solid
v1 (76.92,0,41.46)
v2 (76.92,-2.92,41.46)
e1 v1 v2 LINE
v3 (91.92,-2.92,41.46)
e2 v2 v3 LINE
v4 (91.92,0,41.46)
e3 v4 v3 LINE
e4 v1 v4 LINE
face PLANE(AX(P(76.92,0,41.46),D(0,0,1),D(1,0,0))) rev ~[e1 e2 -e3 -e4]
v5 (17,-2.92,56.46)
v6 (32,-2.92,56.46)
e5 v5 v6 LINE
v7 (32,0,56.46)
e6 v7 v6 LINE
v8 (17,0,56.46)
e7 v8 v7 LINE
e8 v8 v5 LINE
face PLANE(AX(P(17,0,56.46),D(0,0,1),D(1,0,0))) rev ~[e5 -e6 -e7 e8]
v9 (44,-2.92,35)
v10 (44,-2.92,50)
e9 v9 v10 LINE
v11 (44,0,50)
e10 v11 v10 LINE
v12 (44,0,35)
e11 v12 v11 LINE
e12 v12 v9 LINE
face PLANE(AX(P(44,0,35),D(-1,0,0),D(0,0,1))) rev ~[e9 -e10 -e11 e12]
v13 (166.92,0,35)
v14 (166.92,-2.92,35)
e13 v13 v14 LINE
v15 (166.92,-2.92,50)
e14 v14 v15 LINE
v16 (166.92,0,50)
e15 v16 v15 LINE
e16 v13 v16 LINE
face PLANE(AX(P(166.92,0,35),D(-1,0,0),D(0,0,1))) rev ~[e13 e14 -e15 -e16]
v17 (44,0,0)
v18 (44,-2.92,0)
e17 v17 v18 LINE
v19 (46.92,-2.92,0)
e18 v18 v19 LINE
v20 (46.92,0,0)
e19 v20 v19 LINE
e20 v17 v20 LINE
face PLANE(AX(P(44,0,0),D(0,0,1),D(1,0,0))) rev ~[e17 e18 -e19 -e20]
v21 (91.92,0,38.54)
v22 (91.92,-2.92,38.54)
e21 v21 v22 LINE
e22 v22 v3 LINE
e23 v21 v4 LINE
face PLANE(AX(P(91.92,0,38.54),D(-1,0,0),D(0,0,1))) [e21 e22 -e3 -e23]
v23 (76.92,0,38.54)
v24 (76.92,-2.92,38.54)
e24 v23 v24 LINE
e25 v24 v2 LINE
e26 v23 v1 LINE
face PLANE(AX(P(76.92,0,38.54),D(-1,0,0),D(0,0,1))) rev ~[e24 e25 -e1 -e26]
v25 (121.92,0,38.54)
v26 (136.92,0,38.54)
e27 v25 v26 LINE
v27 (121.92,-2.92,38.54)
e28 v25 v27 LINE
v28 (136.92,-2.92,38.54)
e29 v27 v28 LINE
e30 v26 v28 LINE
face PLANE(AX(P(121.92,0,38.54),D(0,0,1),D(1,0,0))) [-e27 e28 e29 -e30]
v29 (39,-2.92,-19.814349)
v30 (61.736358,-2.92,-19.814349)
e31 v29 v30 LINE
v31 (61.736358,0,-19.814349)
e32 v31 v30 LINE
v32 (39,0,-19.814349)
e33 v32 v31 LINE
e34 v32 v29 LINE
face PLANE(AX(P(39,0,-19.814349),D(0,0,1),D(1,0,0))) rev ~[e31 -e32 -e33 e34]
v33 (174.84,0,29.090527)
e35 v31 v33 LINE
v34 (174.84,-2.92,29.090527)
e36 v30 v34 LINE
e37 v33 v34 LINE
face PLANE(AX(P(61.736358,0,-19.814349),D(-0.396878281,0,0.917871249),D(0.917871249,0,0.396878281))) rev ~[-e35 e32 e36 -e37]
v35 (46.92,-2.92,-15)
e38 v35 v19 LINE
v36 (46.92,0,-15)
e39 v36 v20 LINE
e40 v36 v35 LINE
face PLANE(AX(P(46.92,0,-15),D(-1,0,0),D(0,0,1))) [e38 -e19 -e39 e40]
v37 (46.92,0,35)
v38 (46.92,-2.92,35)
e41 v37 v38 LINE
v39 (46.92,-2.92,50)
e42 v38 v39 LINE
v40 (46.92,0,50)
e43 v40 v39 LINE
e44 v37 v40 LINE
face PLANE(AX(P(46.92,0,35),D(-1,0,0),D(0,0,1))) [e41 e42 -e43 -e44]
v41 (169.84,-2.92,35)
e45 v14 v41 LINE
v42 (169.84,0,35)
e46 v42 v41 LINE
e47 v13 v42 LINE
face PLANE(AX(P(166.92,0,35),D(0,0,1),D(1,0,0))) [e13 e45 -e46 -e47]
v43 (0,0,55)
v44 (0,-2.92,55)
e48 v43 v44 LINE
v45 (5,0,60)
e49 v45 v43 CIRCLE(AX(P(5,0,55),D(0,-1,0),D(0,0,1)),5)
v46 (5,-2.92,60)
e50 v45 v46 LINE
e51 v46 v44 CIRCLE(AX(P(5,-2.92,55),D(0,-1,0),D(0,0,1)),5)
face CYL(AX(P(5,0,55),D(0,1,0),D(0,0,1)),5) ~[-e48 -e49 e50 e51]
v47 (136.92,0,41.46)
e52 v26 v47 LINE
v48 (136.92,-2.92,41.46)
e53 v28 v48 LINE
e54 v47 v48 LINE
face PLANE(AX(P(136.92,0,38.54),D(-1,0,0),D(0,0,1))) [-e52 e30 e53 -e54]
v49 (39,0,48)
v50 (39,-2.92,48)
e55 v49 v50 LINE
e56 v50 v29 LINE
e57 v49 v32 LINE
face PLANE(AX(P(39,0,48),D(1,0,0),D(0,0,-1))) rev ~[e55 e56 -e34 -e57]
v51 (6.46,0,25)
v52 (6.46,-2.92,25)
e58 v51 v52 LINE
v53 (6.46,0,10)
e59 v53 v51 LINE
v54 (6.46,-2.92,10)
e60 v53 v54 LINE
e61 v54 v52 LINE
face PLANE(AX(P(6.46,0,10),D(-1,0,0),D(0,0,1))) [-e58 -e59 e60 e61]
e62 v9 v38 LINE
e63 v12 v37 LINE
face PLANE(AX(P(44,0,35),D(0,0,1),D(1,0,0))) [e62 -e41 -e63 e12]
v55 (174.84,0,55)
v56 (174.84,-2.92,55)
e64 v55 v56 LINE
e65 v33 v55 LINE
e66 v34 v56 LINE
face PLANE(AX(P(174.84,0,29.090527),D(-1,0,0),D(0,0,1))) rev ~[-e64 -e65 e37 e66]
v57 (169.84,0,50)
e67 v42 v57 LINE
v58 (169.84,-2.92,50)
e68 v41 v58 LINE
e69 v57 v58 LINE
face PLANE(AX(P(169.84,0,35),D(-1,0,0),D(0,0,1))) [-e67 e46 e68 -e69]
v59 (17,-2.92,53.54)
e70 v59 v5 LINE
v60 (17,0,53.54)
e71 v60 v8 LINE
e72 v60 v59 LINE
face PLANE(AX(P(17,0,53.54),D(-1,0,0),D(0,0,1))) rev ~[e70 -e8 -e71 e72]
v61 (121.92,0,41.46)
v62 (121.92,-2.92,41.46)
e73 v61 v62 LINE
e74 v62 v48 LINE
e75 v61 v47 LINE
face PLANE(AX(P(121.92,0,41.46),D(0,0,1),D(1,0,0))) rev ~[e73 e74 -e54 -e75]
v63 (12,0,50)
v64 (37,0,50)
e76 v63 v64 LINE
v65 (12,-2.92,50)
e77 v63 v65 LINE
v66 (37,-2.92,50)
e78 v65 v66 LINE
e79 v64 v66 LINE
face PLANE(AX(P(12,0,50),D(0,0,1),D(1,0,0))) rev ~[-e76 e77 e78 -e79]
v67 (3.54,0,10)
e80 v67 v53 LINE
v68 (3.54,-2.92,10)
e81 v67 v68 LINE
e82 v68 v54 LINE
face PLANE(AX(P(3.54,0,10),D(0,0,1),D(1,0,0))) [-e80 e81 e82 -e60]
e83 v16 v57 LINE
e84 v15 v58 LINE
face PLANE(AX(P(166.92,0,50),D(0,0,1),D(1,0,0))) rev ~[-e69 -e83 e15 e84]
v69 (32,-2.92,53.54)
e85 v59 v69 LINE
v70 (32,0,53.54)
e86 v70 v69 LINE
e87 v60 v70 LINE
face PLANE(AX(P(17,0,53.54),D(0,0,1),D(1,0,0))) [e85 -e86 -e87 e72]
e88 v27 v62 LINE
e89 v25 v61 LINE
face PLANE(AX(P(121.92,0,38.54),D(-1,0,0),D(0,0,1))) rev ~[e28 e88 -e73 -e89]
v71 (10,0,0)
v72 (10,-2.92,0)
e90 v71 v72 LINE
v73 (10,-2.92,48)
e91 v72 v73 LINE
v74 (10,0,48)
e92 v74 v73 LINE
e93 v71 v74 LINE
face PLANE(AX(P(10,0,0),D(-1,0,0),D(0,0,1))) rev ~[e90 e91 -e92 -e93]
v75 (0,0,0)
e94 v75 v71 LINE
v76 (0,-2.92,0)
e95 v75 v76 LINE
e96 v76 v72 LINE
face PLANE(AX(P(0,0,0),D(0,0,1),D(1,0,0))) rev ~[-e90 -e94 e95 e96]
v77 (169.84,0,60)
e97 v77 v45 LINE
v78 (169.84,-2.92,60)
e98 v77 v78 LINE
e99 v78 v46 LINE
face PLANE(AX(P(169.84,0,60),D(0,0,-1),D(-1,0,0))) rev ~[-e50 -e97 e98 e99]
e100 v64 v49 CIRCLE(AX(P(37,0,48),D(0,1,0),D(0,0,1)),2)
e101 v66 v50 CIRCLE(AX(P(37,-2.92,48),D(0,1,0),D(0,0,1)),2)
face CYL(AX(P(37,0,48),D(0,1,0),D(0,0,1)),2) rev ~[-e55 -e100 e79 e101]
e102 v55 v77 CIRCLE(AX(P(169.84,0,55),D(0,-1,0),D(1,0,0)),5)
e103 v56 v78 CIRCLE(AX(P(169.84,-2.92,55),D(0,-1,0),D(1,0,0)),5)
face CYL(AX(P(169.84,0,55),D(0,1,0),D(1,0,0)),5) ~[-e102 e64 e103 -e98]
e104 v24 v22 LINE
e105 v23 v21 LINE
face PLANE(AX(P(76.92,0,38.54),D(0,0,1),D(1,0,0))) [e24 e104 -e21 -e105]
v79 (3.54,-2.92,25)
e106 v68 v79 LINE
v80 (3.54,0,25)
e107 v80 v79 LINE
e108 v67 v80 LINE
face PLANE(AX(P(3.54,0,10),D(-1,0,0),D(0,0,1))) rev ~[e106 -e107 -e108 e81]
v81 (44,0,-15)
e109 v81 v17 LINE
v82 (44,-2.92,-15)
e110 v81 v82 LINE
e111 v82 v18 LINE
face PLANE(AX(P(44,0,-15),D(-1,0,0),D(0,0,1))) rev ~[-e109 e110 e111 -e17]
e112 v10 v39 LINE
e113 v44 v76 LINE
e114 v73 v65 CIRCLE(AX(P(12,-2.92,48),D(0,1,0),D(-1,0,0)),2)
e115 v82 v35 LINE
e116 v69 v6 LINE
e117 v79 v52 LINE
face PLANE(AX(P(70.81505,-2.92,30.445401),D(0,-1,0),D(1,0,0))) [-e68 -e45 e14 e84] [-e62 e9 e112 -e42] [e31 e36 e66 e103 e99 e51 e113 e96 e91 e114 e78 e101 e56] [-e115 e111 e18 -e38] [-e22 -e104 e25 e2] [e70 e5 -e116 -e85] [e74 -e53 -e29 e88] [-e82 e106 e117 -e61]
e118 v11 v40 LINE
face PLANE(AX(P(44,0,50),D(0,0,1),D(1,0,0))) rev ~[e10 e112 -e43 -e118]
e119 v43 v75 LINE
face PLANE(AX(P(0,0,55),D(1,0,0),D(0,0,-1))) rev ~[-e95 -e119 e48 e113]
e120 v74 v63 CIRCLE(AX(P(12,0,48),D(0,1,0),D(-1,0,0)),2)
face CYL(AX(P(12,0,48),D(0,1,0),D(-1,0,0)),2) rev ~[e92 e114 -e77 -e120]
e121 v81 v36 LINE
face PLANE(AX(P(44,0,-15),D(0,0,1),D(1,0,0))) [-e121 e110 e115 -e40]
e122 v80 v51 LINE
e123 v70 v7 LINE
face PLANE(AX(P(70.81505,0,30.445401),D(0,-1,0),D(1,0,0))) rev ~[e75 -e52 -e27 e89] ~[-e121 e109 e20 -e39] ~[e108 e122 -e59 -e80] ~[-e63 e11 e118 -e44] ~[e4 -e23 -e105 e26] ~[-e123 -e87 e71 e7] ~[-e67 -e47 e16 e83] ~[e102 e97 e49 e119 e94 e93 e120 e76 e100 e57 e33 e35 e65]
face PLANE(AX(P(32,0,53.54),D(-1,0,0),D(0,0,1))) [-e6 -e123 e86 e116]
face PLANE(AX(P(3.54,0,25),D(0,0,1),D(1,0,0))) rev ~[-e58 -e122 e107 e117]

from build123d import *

# Parameters (mm, degrees)
F1_W     = 2.92
F1_H     = 15
F1_W_2   = 15
F1_H_2   = 2.92
F2_DEPTH = 2.92


with BuildPart() as f2:
    # F1 (on Front) → F2 (new body)
    with BuildSketch(Plane.XZ):
        with BuildLine():
            Line((0, 55), (0, 0))
            Line((0, 0), (10, 0))
            Line((10, 0), (10, 48))
            ThreePointArc((10, 48), (10.5857864376, 49.4142135624), (12, 50))
            Line((12, 50), (37, 50))
            ThreePointArc((37, 50), (38.4142135624, 49.4142135624), (39, 48))
            Line((39, 48), (39, -19.8143487114))
            Line((39, -19.8143487114), (61.7363576694, -19.8143487114))
            Line((61.7363576694, -19.8143487114), (174.84, 29.0905267951))
            Line((174.84, 29.0905267951), (174.84, 55))
            ThreePointArc((174.84, 55), (173.3755339059, 58.5355339059), (169.84, 60))
            Line((169.84, 60), (5, 60))
            ThreePointArc((5, 60), (1.4644660941, 58.5355339059), (0, 55))
        make_face()
        with Locations((45.46, -7.5)):
            Rectangle(F1_W, F1_H, mode=Mode.SUBTRACT)
        with Locations((5, 17.5)):
            Rectangle(F1_W, F1_H, mode=Mode.SUBTRACT)
        with Locations((84.42, 40)):
            Rectangle(F1_W_2, F1_H_2, mode=Mode.SUBTRACT)
        with Locations((24.5, 55)):
            Rectangle(F1_W_2, F1_H_2, mode=Mode.SUBTRACT)
        with Locations((45.46, 42.5)):
            Rectangle(F1_W, F1_H, mode=Mode.SUBTRACT)
        with Locations((129.42, 40)):
            Rectangle(F1_W_2, F1_H_2, mode=Mode.SUBTRACT)
        with Locations((168.38, 42.5)):
            Rectangle(F1_W, F1_H, mode=Mode.SUBTRACT)
    extrude(amount=F2_DEPTH)


solid = f2.part
